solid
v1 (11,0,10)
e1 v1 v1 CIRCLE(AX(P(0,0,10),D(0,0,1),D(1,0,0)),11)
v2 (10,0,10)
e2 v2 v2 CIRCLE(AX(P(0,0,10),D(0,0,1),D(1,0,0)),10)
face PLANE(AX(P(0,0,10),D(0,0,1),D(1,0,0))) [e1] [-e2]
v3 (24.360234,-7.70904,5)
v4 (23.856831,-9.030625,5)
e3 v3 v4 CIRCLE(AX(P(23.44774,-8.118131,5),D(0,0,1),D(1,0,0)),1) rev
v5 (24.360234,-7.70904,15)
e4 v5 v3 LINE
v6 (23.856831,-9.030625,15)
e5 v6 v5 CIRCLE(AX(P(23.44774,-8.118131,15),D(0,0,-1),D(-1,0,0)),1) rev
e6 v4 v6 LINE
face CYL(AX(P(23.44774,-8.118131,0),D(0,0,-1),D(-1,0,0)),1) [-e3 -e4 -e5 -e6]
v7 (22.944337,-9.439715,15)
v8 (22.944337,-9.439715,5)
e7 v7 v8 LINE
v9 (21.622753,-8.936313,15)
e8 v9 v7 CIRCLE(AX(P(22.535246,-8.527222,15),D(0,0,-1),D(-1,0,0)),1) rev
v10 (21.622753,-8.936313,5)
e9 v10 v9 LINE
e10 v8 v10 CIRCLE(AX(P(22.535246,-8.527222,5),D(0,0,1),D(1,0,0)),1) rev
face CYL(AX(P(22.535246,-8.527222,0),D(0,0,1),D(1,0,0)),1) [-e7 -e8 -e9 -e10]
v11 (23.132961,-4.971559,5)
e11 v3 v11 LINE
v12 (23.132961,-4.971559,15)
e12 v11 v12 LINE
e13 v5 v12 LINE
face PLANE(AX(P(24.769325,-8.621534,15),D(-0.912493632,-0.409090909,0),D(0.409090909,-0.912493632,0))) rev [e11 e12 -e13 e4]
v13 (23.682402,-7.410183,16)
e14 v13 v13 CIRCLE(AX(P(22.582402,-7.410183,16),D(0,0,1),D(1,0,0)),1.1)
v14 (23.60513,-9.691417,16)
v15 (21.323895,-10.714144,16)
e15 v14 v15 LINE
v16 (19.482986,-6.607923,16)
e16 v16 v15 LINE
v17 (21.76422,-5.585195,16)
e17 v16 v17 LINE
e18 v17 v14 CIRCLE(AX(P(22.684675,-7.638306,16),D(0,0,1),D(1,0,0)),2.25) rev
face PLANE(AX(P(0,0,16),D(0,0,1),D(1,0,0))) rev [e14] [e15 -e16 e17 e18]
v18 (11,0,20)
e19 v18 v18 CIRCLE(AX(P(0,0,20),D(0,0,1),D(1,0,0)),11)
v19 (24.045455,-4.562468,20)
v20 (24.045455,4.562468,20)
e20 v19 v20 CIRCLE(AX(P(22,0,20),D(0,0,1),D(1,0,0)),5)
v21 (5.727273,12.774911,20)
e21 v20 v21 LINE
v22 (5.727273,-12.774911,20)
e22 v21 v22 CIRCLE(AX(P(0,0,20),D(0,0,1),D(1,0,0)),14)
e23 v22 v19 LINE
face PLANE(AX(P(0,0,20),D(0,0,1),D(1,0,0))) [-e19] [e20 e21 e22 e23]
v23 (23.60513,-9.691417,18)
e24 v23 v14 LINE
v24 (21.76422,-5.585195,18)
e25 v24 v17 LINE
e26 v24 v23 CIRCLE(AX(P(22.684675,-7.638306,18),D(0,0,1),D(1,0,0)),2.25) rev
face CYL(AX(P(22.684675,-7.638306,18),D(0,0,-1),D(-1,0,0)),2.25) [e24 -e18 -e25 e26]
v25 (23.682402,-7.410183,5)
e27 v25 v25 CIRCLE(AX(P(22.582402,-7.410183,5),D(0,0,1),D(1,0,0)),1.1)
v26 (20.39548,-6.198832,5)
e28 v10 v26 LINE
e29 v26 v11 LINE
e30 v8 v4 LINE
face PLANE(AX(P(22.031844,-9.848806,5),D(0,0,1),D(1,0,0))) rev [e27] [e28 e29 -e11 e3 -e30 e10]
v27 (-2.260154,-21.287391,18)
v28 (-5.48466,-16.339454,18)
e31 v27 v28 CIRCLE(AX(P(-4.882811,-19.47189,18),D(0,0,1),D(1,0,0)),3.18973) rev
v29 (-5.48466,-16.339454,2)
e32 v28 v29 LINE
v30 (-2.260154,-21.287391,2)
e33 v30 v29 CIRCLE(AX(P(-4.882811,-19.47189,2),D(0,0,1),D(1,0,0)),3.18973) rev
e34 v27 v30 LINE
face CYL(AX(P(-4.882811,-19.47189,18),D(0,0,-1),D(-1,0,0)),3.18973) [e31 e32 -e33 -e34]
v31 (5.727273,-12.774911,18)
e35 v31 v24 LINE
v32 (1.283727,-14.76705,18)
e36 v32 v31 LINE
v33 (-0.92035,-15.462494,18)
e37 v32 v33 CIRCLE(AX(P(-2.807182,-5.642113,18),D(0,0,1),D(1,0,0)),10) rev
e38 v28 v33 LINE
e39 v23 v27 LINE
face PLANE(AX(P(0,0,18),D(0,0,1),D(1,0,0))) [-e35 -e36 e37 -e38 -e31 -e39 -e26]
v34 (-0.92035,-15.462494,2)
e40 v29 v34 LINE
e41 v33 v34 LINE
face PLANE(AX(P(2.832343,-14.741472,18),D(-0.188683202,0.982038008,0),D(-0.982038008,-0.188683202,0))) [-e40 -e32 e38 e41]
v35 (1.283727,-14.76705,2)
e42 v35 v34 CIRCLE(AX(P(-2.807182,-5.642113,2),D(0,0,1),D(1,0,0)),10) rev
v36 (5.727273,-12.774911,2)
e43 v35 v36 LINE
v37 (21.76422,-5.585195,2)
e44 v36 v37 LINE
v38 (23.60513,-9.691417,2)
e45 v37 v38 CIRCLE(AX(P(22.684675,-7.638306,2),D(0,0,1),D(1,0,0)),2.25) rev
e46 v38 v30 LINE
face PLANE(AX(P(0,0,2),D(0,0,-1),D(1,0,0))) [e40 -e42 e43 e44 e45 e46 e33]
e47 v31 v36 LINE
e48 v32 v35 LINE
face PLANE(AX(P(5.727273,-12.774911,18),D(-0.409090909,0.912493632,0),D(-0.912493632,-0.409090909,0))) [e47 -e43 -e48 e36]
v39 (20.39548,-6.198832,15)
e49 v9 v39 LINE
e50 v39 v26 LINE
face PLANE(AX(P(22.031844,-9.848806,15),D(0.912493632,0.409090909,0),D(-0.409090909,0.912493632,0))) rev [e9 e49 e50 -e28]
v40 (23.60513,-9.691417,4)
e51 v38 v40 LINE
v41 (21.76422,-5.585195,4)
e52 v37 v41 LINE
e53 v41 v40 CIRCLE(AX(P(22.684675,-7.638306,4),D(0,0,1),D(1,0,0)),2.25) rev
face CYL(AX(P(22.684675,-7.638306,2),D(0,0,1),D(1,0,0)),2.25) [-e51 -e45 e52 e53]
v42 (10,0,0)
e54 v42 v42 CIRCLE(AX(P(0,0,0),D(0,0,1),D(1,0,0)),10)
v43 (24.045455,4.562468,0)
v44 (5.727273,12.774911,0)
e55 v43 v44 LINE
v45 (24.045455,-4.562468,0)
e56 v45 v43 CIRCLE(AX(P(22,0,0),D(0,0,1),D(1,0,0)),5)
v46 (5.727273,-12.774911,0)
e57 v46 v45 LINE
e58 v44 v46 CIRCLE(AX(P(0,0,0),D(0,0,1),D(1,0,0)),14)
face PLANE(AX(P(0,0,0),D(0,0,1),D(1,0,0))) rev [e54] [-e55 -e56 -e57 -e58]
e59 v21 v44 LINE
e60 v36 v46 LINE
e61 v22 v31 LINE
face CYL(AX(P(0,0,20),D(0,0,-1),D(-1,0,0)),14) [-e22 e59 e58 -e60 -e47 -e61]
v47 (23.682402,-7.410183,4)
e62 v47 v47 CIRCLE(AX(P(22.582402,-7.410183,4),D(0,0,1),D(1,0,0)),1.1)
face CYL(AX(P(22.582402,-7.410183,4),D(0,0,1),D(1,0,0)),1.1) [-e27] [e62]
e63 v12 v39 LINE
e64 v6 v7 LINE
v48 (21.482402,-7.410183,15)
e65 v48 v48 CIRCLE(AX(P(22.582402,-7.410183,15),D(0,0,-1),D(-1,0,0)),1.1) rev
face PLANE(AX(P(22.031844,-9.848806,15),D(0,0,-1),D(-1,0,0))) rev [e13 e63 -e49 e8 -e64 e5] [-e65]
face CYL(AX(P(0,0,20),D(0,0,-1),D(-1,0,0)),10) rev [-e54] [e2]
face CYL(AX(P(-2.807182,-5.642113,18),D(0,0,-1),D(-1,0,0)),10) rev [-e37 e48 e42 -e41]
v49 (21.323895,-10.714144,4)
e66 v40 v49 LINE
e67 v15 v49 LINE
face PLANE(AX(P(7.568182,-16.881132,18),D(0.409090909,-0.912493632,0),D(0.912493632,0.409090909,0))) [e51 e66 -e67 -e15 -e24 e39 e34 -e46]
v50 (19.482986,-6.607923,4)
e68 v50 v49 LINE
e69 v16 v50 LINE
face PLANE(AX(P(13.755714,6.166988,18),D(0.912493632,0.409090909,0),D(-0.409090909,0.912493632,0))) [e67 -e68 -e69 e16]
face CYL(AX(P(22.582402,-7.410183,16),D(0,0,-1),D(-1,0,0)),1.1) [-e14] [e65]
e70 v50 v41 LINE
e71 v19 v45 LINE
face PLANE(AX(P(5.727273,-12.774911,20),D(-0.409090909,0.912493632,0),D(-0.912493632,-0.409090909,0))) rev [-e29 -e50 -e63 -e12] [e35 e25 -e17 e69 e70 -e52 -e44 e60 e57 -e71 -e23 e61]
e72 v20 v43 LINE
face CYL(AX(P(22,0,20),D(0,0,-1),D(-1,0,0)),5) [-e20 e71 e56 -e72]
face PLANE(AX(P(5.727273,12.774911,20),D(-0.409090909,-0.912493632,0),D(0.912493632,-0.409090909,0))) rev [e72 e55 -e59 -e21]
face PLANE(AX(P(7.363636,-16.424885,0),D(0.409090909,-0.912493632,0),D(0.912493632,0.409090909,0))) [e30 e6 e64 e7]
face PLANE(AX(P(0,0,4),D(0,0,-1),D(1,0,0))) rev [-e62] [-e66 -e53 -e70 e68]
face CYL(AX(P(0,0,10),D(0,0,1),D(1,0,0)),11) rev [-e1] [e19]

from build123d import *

# Parameters (mm, degrees)
ESQUISSE2_R             = 10
BOSS_EXTRU_1_DEPTH      = 20
ENL_V_START             = -10
ESQUISSE3_R             = 11
ESQUISSE3_R_2           = 10
ENL_V_MAT_EXTRU_1_DEPTH = 10
ESQUISSE4_W             = 3
ESQUISSE4_H             = 10
BOSS_EXTRU_2_DEPTH      = 4
ESQUISSE5_R             = 1.1
BOSS_EXTRU_3_DEPTH      = 1
ESQUISSE9_R             = 1.1
BOSS_EXTRU_5_DEPTH      = 2
BOSS_EXTRU_6_START      = -6
BOSS_EXTRU_6_DEPTH      = 8
CONG_1_R                = 1
CONG_2_R                = 1


with BuildPart() as part:
    # Esquisse2 → Boss.-Extru.1 (new body)
    with BuildSketch(Plane.XY):
        with BuildLine():
            Line((5.727272727, 12.774910845), (24.045454545, 4.562468159))
            ThreePointArc((24.045454545, 4.562468159), (27, 0), (24.045454545, -4.562468159))
            Line((24.045454545, -4.562468159), (5.727272727, -12.774910845))
            ThreePointArc((5.727272727, -12.774910845), (-14, 0), (5.727272727, 12.774910845))
        make_face()
        Circle(ESQUISSE2_R, mode=Mode.SUBTRACT)
    extrude(amount=BOSS_EXTRU_1_DEPTH)

    # Esquisse3 → Enlèv. mat.-Extru.1 (cut)
    with BuildSketch(Plane.XY.offset(20).offset(ENL_V_START)):
        Circle(ESQUISSE3_R)
        Circle(ESQUISSE3_R_2, mode=Mode.SUBTRACT)
    extrude(amount=ENL_V_MAT_EXTRU_1_DEPTH, mode=Mode.SUBTRACT)

    # Esquisse4 → Boss.-Extru.2 (add)
    with BuildSketch(Plane(origin=(5.727272727, -12.774910845, 0), x_dir=(0.9124936318129423, 0.4090909090909094, 0), z_dir=(0.40909090909090934, -0.9124936318129422, 0))):
        with Locations((17.5748599, 10)):
            Rectangle(ESQUISSE4_W, ESQUISSE4_H)
    extrude(amount=BOSS_EXTRU_2_DEPTH)

    # Esquisse5 → Boss.-Extru.3 (add)
    with BuildSketch(Plane.XY.offset(15)):
        with Locations(Location((22.582402284, -7.410182695, 0), (0, 0, 180))):
            Circle(ESQUISSE5_R)
    boss_extru_3 = extrude(amount=BOSS_EXTRU_3_DEPTH)

    # Symétrie1: Boss.-Extru.3 across plane
    add(boss_extru_3.mirror(Plane.XY.offset(10)))

    # Esquisse9 → Boss.-Extru.5 (add)
    # profile 1 of 2: a face of its own
    with BuildSketch(Plane.XY.offset(16)):
        with BuildLine():
            Line((21.323895477, -10.714144048), (23.605129557, -9.691416775))
            ThreePointArc((23.605129557, -9.691416775), (24.737785683, -6.717851558), (21.764220466, -5.585195432))
            Line((21.764220466, -5.585195432), (19.482986386, -6.607922705))
            Line((19.482986386, -6.607922705), (21.323895477, -10.714144048))
        make_face()
        with Locations(Location((22.582402284, -7.410182695, 0), (0, 0, 180))):
            Circle(ESQUISSE9_R, mode=Mode.SUBTRACT)
    # profile 2 of 2: a face of its own
    with BuildSketch(Plane.XY.offset(16)):
        with Locations(Location((22.582402284, -7.410182695, 0), (0, 0, 180))):
            Circle(ESQUISSE9_R)
    boss_extru_5 = extrude(amount=BOSS_EXTRU_5_DEPTH)

    # Esquisse9<4> → Boss.-Extru.6 (add)
    with BuildSketch(Plane.XY.offset(16).offset(BOSS_EXTRU_6_START)):
        with BuildLine():
            Line((-2.260153649, -21.287390546), (21.323895477, -10.714144048))
            Line((21.323895477, -10.714144048), (19.482986386, -6.607922705))
            Line((19.482986386, -6.607922705), (1.283727254, -14.767049742))
            ThreePointArc((1.283727254, -14.767049742), (0.201847525, -15.178661138), (-0.920349818, -15.462493505))
            Line((-0.920349818, -15.462493505), (-5.484659611, -16.339454049))
            ThreePointArc((-5.484659611, -16.339454049), (-7.55515779, -21.213423405), (-2.260153649, -21.287390546))
        make_face()
    boss_extru_6 = extrude(amount=BOSS_EXTRU_6_DEPTH)

    # Symétrie2: Boss.-Extru.5, Boss.-Extru.6 across plane
    add(boss_extru_5.mirror(Plane.XY.offset(10)))
    add(boss_extru_6.mirror(Plane.XY.offset(10)))

    # Congé1
    cong_1_edges = [part.edges().sort_by_distance(p)[0] for p in [
        (24.76932455, -8.621533595, 10),
    ]]
    fillet(cong_1_edges, radius=CONG_1_R)

    # Congé2
    cong_2_edges = [part.edges().sort_by_distance(p)[0] for p in [
        (22.031843655, -9.848806323, 10),
    ]]
    fillet(cong_2_edges, radius=CONG_2_R)


solid = part.part
